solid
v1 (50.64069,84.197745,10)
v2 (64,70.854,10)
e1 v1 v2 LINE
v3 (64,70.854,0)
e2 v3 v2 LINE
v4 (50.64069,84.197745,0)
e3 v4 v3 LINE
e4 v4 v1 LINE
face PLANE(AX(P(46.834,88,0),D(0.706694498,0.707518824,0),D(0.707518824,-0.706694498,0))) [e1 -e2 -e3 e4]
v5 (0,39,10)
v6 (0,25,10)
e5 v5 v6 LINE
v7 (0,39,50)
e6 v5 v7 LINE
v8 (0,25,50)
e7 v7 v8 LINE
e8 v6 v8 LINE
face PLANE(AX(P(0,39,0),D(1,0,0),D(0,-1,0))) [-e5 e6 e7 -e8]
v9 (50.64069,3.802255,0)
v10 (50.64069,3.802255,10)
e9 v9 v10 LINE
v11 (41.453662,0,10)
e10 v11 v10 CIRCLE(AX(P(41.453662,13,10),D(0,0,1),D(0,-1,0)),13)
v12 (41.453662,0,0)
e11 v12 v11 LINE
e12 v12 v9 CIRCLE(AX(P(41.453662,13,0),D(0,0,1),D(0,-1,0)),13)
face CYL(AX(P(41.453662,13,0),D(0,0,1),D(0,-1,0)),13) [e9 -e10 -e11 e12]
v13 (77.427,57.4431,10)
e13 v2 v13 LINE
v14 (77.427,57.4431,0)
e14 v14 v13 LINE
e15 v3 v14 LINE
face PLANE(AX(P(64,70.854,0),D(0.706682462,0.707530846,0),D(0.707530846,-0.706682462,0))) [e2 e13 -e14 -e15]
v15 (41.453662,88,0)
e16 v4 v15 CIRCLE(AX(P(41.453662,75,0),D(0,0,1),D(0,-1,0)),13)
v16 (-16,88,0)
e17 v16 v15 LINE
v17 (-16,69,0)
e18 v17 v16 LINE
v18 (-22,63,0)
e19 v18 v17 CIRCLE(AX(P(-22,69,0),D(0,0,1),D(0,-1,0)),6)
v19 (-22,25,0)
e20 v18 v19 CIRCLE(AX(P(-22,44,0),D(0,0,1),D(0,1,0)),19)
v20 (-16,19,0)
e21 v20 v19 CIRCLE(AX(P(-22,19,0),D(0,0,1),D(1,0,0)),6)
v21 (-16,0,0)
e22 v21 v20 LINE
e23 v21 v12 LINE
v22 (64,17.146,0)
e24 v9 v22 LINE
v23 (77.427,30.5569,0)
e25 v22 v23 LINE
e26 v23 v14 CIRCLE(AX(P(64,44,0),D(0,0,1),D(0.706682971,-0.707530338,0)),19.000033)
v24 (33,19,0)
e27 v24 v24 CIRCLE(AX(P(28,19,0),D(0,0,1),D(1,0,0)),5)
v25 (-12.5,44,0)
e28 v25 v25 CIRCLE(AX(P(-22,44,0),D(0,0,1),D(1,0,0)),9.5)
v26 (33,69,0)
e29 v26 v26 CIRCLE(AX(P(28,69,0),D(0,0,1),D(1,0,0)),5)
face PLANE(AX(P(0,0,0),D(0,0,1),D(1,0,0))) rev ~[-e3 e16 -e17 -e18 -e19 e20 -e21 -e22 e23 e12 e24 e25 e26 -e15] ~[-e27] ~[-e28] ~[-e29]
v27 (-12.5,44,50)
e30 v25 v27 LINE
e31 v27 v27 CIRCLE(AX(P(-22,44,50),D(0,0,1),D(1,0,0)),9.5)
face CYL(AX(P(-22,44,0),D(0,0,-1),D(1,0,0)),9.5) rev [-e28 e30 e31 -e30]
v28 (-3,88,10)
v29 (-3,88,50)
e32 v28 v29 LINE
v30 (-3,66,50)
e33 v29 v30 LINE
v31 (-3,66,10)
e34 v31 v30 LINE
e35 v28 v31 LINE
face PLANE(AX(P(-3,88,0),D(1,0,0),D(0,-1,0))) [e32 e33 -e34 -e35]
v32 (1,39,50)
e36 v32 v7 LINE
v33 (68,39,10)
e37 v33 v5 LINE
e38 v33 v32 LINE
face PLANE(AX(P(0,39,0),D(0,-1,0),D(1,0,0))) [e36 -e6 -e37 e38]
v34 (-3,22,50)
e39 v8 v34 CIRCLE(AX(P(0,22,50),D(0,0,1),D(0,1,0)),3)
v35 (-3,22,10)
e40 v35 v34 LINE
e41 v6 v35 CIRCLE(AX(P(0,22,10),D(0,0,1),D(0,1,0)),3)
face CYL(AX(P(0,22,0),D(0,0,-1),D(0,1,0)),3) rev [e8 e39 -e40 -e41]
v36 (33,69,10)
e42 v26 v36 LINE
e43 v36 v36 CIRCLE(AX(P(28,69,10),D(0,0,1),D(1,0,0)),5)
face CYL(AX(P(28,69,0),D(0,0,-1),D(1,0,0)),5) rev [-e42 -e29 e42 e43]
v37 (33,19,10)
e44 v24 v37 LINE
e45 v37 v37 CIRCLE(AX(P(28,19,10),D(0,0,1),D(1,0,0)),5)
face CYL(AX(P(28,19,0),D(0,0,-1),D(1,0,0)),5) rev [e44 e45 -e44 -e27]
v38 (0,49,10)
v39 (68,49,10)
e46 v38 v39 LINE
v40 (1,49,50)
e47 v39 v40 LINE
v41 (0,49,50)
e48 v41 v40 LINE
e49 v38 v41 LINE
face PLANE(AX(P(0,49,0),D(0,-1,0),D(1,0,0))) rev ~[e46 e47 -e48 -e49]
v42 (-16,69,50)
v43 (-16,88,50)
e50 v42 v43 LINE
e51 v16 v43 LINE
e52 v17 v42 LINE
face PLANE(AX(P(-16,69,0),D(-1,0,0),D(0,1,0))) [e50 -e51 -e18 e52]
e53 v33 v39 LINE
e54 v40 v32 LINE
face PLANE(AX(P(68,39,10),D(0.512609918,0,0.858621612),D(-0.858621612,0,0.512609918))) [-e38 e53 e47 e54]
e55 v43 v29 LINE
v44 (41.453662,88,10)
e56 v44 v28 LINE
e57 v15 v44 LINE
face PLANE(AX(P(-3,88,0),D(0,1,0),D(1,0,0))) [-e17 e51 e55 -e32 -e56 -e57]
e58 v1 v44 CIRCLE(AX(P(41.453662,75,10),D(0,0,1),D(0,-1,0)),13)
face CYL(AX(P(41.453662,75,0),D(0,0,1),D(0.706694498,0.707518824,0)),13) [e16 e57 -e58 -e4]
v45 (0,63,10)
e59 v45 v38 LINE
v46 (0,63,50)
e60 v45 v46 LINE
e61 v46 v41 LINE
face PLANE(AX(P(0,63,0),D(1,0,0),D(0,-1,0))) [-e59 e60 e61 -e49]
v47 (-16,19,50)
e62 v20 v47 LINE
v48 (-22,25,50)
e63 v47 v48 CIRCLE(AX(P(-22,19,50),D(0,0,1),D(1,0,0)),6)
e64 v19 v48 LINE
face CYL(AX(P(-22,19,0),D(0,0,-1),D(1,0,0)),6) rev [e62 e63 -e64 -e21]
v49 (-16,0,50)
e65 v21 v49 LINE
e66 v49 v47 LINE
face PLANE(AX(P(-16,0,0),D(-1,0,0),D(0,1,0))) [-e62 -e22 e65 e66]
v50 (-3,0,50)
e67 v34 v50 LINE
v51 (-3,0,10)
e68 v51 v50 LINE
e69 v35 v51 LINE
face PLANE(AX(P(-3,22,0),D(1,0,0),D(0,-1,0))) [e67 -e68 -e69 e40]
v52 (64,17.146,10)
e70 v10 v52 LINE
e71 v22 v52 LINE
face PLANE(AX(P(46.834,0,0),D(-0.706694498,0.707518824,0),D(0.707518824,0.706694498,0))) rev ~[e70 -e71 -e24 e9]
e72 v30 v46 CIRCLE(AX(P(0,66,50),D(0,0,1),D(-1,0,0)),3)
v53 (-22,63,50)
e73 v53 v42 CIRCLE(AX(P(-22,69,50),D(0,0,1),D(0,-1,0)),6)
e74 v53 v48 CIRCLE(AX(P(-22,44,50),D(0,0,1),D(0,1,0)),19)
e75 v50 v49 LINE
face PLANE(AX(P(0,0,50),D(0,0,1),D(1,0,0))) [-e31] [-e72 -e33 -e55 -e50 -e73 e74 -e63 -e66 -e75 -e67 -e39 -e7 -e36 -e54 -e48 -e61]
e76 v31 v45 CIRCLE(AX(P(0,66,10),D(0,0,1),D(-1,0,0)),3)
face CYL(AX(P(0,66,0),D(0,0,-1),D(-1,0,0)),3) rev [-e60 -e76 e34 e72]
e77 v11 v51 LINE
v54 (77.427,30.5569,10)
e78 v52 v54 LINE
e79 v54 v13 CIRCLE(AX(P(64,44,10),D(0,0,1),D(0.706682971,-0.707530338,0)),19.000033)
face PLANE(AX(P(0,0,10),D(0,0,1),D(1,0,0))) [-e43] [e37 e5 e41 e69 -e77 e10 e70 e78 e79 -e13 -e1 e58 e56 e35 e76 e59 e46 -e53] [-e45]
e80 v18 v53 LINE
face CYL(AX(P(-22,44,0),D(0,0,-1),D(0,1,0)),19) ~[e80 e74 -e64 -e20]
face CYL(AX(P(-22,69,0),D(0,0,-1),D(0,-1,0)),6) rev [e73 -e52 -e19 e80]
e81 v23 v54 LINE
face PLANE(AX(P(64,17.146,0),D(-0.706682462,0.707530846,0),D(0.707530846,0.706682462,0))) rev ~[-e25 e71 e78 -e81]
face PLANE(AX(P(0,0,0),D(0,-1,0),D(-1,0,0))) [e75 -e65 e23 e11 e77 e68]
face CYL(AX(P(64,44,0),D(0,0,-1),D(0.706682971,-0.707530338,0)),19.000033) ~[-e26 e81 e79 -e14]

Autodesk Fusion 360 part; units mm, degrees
sketch "BaseA3" plane through (0, 0, 0) normal (0, 0, 1) x (1, 0, 0)
  line L0 (0, 0) -> (28, 0)
  line L1 (28, 88) -> (0, 88)
  line L2 (0, 0) -> (-3, 0)
  line L3 (-3, 88) -> (0, 88)
  line L4 (-3, 0) -> (-16, 0)
  line L5 (-16, 88) -> (-3, 88)
  line L6 (-9.5, 0) -> (-9.5, 44) construction
  line L7 (-9.5, 44) -> (-16, 44) construction
  line L8 (-16, 44) -> (-22, 44) construction
  circle A0 centre (-22, 44) radius 9.5
  arc A1 (-22, 63) -> (-22, 25) centre (-22, 44) ccw
  line L9 (-16, 0) -> (-16, 19)
  line L10 (-16, 69) -> (-16, 88)
  arc A2 (-22, 63) -> (-16, 69) centre (-22, 69) ccw
  arc A3 (-16, 19) -> (-22, 25) centre (-22, 19) ccw
  line L11 (0, 63) -> (0, 63)
  line L12 (0, 25) -> (0, 22) construction
  line L13 (0, 22) -> (-3, 22) construction
  arc A4 (0, 25) -> (-3, 22) centre (0, 22) ccw
  line L14 (-9.5, 44) -> (0, 44) construction
  arc A5 (-3, 66) -> (0, 63) centre (0, 66) ccw
  line L15 (-22, 69) -> (-22, 63) construction
  line L16 (-22, 69) -> (-16, 69) construction
  line L17 (-22, 63) -> (-22, 25) construction
  line L18 (-22, 25) -> (-22, 19) construction
  line L19 (-22, 19) -> (-16, 19) construction
  line L20 (0, 63) -> (0, 66) construction
  line L21 (0, 66) -> (-3, 66) construction
  line L22 (-3, 69) -> (28, 69) construction
  circle A6 centre (28, 69) radius 5
  line L23 (0, 44) -> (28, 44) construction
  circle A7 centre (28, 19) radius 5
  line L24 (-3, 19) -> (28, 19) construction
  line L25 (28, 19) -> (64, 19) construction
  line L26 (64, 19) -> (64, 69) construction
  line L27 (64, 69) -> (28, 69) construction
  line L28 (28, 0) -> (46.834, 0)
  line L29 (46.834, 0) -> (64, 17.146)
  line L30 (64, 17.146) -> (77.427, 30.5569)
  line L31 (28, 44) -> (83, 44) construction
  line L32 (64, 70.854) -> (77.427, 57.4431)
  line L33 (46.834, 88) -> (64, 70.854)
  line L34 (28, 88) -> (46.834, 88)
  arc A8 (77.427, 30.5569) -> (77.427, 57.4431) centre (64, 44) ccw
  line L35 (-3, 88) -> (-3, 66)
  line L36 (-3, 22) -> (-3, 0)
  line L37 (-3, 0) -> (-3, 22)
  line L38 (-3, 66) -> (-3, 88)
  line L39 (0, 49) -> (1, 49)
  line L40 (1, 49) -> (1, 39)
  line L41 (1, 39) -> (0, 39)
  line L42 (0, 63) -> (0, 49)
  line L43 (0, 39) -> (0, 25)
  dimension "d3" = 13
  dimension "d4" = 88
  dimension "d5" = 19
extrude "Extrude1" add sketch "BaseA3" along normal blind 10 contours L0 L1 L2 L3 A4 A5 L28 L29 L30 L32 L33 L34 A8 L35 L36 L37 L38 L39 L40 L41 L42 L43
extrude "Extrude2" add sketch "BaseA3" along normal blind 50 contours L4 L5 A1 L9 L10 A2 A3 A4 A5 L35 L36 L37 L38 L39 L40 L41 L42 L43
fillet "Fillet1" radius 13 1 edges at (46.834, 0, 5)
fillet "Fillet2" radius 13 1 edges at (46.834, 88, 5)
sketch "Triangle" plane through (0, 0, 0) normal (0, -1, 0) x (1, 0, 0)
  line L0 (41.4537, 0) -> (41.4537, 10)
  line L1 (41.4537, 10) -> (-3, 10)
  line L2 (-3, 10) -> (-3, 50)
  line L3 (-3, 50) -> (-16, 50)
  line L4 (-16, 50) -> (-16, 0)
  line L5 (-16, 0) -> (41.4537, 0)
  line L6 (-3, 10) -> (1, 10)
  line L7 (1, 50) -> (1, 10)
  line L8 (1, 10) -> (68, 10)
  line L9 (68, 10) -> (1, 50)
extrude "Extrude3" add sketch "Triangle" against normal blind 10 from surface at -39 contours L1 L7 L8 L9
